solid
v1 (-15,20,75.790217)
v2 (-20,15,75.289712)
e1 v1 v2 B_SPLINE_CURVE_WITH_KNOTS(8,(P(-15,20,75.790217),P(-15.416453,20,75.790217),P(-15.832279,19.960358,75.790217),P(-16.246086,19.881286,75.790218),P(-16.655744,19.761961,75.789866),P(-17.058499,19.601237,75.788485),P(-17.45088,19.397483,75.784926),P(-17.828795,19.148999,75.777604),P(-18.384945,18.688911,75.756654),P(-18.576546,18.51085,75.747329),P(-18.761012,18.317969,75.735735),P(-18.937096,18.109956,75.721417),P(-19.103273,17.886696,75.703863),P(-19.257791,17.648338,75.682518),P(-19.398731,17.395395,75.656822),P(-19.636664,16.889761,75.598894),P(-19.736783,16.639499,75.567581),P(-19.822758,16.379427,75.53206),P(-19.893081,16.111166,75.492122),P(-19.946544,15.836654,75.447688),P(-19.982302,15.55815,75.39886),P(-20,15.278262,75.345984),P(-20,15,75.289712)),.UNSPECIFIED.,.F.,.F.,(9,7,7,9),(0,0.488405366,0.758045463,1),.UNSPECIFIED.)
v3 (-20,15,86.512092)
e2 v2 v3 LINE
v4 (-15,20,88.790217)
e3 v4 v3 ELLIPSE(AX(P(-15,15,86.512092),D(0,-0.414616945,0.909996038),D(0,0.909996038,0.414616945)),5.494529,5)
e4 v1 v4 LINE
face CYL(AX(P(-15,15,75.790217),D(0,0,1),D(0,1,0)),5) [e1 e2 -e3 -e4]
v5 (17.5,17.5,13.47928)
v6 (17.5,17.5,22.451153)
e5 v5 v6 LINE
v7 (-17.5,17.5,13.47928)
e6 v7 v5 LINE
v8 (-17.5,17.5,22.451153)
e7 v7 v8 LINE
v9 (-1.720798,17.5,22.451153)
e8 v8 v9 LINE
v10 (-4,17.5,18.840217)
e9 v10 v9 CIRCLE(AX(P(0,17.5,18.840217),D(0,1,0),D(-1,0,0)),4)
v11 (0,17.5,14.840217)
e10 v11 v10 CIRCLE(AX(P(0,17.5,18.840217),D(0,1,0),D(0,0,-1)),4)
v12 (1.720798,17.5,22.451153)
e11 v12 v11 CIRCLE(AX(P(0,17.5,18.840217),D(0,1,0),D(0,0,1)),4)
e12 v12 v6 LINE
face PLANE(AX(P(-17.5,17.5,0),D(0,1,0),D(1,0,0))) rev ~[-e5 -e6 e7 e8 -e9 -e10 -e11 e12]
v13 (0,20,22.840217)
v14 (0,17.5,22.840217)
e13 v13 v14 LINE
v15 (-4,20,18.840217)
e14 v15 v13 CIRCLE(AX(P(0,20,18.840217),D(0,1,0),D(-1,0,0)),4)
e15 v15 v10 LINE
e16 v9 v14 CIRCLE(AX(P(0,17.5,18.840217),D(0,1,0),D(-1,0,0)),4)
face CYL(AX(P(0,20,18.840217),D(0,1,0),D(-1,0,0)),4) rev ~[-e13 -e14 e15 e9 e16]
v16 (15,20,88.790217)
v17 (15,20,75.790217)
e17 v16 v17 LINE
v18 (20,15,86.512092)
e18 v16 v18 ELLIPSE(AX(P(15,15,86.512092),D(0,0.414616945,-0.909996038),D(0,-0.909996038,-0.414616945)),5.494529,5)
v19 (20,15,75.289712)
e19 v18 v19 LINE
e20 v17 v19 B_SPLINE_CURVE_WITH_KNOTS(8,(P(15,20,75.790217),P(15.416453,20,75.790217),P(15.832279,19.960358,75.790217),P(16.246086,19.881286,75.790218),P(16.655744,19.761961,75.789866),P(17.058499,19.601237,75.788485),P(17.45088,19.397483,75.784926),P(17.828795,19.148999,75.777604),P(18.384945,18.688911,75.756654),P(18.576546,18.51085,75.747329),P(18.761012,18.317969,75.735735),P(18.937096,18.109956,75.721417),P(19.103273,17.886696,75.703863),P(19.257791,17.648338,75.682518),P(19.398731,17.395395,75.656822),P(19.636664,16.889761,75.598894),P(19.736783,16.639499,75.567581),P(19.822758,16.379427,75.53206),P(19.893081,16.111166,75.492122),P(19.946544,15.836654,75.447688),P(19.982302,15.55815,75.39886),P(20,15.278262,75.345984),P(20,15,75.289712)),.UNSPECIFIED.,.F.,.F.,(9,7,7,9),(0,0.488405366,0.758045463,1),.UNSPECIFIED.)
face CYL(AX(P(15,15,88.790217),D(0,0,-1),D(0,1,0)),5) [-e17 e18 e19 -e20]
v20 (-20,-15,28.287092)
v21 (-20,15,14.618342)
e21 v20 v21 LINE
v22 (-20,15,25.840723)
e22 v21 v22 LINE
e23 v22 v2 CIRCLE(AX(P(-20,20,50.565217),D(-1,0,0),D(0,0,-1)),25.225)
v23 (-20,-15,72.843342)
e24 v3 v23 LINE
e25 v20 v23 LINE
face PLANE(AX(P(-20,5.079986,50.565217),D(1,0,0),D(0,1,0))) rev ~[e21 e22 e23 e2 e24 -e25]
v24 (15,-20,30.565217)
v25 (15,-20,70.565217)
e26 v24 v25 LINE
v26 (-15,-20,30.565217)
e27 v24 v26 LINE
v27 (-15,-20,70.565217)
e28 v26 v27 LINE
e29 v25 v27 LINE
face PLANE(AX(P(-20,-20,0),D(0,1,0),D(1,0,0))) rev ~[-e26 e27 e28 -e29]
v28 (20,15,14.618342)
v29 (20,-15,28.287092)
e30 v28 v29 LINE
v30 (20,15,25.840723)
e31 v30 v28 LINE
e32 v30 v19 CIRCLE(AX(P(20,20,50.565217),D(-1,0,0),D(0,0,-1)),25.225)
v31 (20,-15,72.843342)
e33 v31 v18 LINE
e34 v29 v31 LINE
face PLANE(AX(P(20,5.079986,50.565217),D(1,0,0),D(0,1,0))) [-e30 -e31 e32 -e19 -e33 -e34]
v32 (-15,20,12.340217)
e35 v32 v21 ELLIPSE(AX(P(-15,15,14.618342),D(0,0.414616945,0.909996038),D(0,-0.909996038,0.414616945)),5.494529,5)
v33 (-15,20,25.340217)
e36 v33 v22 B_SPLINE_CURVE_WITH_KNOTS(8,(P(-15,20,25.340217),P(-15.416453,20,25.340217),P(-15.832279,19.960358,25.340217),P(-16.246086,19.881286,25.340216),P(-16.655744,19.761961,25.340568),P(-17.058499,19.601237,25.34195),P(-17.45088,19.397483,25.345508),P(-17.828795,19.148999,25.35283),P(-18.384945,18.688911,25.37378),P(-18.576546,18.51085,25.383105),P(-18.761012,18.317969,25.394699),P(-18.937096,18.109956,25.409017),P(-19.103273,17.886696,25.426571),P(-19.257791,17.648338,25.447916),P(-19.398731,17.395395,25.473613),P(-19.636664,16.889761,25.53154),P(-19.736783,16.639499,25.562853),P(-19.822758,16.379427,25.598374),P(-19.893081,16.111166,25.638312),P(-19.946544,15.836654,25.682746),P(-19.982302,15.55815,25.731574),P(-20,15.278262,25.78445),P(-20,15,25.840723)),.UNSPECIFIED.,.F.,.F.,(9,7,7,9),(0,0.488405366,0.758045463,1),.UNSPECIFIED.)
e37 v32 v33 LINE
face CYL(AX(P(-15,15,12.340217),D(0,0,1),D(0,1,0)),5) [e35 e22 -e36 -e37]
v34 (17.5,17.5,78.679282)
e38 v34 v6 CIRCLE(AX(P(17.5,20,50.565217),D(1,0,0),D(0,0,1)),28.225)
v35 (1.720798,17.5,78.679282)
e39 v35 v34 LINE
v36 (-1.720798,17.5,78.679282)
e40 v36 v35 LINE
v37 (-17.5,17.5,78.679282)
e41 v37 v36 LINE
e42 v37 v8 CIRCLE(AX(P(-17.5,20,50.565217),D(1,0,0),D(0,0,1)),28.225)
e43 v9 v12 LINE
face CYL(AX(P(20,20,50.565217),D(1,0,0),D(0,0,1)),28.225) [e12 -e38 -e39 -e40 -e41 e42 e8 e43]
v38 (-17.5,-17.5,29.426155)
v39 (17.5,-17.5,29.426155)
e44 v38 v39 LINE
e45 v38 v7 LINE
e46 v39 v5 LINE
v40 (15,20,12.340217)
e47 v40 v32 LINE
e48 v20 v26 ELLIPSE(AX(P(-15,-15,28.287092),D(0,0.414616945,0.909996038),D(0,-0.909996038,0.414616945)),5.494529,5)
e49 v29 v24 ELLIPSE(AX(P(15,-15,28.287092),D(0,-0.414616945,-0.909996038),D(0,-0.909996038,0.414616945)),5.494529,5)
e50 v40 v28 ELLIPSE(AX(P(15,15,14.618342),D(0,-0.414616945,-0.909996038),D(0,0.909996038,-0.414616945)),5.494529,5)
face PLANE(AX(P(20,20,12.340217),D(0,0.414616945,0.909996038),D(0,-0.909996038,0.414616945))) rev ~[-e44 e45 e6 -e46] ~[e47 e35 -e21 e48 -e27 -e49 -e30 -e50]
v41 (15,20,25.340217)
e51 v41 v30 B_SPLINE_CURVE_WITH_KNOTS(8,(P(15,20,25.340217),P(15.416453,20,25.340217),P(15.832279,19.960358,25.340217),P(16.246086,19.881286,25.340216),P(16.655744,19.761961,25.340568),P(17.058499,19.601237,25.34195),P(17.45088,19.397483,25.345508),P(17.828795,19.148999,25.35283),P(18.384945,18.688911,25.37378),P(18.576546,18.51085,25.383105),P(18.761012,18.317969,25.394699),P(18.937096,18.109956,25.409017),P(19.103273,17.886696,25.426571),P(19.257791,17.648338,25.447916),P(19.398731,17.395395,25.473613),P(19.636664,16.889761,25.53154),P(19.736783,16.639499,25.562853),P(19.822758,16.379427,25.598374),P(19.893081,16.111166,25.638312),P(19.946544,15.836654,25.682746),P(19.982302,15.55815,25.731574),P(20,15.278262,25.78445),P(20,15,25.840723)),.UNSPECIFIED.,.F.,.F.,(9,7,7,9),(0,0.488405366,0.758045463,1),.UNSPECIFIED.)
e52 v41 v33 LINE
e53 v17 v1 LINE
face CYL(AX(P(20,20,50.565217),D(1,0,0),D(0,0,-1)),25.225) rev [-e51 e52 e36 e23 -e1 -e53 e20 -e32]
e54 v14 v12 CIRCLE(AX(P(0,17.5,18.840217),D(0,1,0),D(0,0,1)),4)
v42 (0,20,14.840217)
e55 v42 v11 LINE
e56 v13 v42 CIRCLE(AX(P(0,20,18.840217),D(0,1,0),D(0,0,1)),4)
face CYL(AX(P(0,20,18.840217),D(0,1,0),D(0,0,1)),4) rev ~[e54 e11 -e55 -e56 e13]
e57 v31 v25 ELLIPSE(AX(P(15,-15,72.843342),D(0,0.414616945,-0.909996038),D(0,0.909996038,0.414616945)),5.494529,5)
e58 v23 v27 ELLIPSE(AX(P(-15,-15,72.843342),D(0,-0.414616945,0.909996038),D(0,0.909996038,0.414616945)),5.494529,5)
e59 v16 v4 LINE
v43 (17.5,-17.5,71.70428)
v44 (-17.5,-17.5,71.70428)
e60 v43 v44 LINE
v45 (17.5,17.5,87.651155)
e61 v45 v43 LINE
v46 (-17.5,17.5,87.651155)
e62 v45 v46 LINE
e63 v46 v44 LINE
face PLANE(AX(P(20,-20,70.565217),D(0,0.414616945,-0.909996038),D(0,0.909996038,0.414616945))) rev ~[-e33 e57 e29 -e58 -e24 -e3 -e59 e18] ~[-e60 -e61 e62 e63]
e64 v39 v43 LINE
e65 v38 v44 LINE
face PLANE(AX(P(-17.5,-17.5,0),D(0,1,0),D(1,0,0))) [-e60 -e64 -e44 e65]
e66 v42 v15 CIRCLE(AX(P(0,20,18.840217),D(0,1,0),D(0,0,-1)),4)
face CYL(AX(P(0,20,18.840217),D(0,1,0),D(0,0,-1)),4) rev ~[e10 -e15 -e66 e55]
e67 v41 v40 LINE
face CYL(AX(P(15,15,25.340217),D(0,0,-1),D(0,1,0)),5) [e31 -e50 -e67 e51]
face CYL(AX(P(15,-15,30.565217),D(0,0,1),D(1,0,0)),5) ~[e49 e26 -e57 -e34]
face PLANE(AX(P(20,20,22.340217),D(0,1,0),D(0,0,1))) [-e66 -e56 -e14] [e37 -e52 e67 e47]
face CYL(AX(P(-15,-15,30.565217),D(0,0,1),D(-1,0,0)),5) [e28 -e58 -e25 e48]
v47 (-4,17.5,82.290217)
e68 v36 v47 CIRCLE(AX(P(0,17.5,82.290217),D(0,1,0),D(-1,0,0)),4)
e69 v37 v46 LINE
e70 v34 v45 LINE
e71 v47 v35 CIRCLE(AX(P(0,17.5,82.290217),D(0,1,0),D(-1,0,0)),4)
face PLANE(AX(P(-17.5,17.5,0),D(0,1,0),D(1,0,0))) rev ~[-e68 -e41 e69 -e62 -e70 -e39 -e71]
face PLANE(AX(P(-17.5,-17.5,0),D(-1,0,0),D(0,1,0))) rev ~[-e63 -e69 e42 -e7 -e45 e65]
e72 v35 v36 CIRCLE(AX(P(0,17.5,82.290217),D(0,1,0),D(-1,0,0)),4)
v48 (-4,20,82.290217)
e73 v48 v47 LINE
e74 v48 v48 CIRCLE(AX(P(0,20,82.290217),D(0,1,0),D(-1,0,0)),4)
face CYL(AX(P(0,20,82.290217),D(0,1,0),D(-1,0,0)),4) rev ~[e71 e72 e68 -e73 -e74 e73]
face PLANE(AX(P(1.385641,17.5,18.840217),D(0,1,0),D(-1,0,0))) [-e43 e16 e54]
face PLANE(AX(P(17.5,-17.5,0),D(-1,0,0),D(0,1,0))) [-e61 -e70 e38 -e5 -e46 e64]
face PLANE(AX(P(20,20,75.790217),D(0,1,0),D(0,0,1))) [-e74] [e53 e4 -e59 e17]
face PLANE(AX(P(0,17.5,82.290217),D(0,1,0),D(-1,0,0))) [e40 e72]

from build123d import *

# Parameters (mm, degrees)
F0_W     = 40
F0_H     = 40
F0_W_2   = 35
F0_H_2   = 35
F1_DEPTH = 100
F3_DEPTH = 40.001
F4_DEPTH = 40
F5_R     = 4
F6_DEPTH = 2.5
F8_DEPTH = 2.5
F9_R     = 5


with BuildPart() as f1:
    # F0 (on Top) → F1 (new body)
    with BuildSketch(Plane.XY):
        Rectangle(F0_W, F0_H)
        Rectangle(F0_W_2, F0_H_2, mode=Mode.SUBTRACT)
    extrude(amount=F1_DEPTH)

    # F2 (on face) → F3 (cut, through all)
    with BuildSketch(Plane.YZ.offset(20)):
        with BuildLine():
            Line((20, 25.3402171373), (20, 75.7902171373))
            ThreePointArc((20, 75.7902171373), (-5.225, 50.5652171373), (20, 25.3402171373))
        make_face()
        with BuildLine():
            ThreePointArc((20, 25.3402171373), (-5.225, 50.5652171373), (20, 75.7902171373))
            Line((20, 75.7902171373), (20, 78.7902171373))
            ThreePointArc((20, 78.7902171373), (-8.225, 50.5652171373), (20, 22.3402171373))
            Line((20, 22.3402171373), (20, 25.3402171373))
        make_face()
        Polygon((20, 0), (20, 12.3402171373), (-20, 30.5652171373), (-20, 0), align=None)
        Polygon((-20, 70.5652171373), (20, 88.7902171373), (20, 100), (-20, 100), align=None)
    extrude(amount=-F3_DEPTH, mode=Mode.SUBTRACT)

    # F2 (on face) → F4 (join)
    with BuildSketch(Plane.YZ.offset(20)):
        with BuildLine():
            ThreePointArc((20, 25.3402171373), (-5.225, 50.5652171373), (20, 75.7902171373))
            Line((20, 75.7902171373), (20, 78.7902171373))
            ThreePointArc((20, 78.7902171373), (-8.225, 50.5652171373), (20, 22.3402171373))
            Line((20, 22.3402171373), (20, 25.3402171373))
        make_face()
    extrude(amount=-F4_DEPTH)

    # F5 (on face) → F6 (cut)
    with BuildSketch(Plane(origin=(0, 20, 0), x_dir=(-1, 0, 0), z_dir=(0, 1, 0))):
        with Locations((0, 82.2902171373)):
            Circle(F5_R)
    extrude(amount=-F6_DEPTH, mode=Mode.SUBTRACT)

    # F7 (on face) → F8 (cut)
    with BuildSketch(Plane(origin=(0, 20, 0), x_dir=(-1, 0, 0), z_dir=(0, 1, 0))):
        with BuildLine():
            ThreePointArc((0, 22.8402171373), (-4, 18.8402171373), (0, 14.8402171373))
            Line((0, 14.8402171373), (0, 22.8402171373))
        make_face()
        with BuildLine():
            Line((0, 22.8402171373), (0, 14.8402171373))
            ThreePointArc((0, 14.8402171373), (2.8284271247, 16.0117900126), (4, 18.8402171373))
            ThreePointArc((4, 18.8402171373), (2.8284271247, 21.6686442621), (0, 22.8402171373))
        make_face()
    extrude(amount=-F8_DEPTH, mode=Mode.SUBTRACT)

    # F9
    f9_edges = [f1.edges().sort_by_distance(p)[0] for p in [
        (-20, 20, 82.290217),
        (-20, 20, 18.840217),
        (-20, -20, 50.565217),
        (20, -20, 50.565217),
        (20, 20, 18.840217),
        (20, 20, 82.290217),
    ]]
    fillet(f9_edges, radius=F9_R)


solid = f1.part
